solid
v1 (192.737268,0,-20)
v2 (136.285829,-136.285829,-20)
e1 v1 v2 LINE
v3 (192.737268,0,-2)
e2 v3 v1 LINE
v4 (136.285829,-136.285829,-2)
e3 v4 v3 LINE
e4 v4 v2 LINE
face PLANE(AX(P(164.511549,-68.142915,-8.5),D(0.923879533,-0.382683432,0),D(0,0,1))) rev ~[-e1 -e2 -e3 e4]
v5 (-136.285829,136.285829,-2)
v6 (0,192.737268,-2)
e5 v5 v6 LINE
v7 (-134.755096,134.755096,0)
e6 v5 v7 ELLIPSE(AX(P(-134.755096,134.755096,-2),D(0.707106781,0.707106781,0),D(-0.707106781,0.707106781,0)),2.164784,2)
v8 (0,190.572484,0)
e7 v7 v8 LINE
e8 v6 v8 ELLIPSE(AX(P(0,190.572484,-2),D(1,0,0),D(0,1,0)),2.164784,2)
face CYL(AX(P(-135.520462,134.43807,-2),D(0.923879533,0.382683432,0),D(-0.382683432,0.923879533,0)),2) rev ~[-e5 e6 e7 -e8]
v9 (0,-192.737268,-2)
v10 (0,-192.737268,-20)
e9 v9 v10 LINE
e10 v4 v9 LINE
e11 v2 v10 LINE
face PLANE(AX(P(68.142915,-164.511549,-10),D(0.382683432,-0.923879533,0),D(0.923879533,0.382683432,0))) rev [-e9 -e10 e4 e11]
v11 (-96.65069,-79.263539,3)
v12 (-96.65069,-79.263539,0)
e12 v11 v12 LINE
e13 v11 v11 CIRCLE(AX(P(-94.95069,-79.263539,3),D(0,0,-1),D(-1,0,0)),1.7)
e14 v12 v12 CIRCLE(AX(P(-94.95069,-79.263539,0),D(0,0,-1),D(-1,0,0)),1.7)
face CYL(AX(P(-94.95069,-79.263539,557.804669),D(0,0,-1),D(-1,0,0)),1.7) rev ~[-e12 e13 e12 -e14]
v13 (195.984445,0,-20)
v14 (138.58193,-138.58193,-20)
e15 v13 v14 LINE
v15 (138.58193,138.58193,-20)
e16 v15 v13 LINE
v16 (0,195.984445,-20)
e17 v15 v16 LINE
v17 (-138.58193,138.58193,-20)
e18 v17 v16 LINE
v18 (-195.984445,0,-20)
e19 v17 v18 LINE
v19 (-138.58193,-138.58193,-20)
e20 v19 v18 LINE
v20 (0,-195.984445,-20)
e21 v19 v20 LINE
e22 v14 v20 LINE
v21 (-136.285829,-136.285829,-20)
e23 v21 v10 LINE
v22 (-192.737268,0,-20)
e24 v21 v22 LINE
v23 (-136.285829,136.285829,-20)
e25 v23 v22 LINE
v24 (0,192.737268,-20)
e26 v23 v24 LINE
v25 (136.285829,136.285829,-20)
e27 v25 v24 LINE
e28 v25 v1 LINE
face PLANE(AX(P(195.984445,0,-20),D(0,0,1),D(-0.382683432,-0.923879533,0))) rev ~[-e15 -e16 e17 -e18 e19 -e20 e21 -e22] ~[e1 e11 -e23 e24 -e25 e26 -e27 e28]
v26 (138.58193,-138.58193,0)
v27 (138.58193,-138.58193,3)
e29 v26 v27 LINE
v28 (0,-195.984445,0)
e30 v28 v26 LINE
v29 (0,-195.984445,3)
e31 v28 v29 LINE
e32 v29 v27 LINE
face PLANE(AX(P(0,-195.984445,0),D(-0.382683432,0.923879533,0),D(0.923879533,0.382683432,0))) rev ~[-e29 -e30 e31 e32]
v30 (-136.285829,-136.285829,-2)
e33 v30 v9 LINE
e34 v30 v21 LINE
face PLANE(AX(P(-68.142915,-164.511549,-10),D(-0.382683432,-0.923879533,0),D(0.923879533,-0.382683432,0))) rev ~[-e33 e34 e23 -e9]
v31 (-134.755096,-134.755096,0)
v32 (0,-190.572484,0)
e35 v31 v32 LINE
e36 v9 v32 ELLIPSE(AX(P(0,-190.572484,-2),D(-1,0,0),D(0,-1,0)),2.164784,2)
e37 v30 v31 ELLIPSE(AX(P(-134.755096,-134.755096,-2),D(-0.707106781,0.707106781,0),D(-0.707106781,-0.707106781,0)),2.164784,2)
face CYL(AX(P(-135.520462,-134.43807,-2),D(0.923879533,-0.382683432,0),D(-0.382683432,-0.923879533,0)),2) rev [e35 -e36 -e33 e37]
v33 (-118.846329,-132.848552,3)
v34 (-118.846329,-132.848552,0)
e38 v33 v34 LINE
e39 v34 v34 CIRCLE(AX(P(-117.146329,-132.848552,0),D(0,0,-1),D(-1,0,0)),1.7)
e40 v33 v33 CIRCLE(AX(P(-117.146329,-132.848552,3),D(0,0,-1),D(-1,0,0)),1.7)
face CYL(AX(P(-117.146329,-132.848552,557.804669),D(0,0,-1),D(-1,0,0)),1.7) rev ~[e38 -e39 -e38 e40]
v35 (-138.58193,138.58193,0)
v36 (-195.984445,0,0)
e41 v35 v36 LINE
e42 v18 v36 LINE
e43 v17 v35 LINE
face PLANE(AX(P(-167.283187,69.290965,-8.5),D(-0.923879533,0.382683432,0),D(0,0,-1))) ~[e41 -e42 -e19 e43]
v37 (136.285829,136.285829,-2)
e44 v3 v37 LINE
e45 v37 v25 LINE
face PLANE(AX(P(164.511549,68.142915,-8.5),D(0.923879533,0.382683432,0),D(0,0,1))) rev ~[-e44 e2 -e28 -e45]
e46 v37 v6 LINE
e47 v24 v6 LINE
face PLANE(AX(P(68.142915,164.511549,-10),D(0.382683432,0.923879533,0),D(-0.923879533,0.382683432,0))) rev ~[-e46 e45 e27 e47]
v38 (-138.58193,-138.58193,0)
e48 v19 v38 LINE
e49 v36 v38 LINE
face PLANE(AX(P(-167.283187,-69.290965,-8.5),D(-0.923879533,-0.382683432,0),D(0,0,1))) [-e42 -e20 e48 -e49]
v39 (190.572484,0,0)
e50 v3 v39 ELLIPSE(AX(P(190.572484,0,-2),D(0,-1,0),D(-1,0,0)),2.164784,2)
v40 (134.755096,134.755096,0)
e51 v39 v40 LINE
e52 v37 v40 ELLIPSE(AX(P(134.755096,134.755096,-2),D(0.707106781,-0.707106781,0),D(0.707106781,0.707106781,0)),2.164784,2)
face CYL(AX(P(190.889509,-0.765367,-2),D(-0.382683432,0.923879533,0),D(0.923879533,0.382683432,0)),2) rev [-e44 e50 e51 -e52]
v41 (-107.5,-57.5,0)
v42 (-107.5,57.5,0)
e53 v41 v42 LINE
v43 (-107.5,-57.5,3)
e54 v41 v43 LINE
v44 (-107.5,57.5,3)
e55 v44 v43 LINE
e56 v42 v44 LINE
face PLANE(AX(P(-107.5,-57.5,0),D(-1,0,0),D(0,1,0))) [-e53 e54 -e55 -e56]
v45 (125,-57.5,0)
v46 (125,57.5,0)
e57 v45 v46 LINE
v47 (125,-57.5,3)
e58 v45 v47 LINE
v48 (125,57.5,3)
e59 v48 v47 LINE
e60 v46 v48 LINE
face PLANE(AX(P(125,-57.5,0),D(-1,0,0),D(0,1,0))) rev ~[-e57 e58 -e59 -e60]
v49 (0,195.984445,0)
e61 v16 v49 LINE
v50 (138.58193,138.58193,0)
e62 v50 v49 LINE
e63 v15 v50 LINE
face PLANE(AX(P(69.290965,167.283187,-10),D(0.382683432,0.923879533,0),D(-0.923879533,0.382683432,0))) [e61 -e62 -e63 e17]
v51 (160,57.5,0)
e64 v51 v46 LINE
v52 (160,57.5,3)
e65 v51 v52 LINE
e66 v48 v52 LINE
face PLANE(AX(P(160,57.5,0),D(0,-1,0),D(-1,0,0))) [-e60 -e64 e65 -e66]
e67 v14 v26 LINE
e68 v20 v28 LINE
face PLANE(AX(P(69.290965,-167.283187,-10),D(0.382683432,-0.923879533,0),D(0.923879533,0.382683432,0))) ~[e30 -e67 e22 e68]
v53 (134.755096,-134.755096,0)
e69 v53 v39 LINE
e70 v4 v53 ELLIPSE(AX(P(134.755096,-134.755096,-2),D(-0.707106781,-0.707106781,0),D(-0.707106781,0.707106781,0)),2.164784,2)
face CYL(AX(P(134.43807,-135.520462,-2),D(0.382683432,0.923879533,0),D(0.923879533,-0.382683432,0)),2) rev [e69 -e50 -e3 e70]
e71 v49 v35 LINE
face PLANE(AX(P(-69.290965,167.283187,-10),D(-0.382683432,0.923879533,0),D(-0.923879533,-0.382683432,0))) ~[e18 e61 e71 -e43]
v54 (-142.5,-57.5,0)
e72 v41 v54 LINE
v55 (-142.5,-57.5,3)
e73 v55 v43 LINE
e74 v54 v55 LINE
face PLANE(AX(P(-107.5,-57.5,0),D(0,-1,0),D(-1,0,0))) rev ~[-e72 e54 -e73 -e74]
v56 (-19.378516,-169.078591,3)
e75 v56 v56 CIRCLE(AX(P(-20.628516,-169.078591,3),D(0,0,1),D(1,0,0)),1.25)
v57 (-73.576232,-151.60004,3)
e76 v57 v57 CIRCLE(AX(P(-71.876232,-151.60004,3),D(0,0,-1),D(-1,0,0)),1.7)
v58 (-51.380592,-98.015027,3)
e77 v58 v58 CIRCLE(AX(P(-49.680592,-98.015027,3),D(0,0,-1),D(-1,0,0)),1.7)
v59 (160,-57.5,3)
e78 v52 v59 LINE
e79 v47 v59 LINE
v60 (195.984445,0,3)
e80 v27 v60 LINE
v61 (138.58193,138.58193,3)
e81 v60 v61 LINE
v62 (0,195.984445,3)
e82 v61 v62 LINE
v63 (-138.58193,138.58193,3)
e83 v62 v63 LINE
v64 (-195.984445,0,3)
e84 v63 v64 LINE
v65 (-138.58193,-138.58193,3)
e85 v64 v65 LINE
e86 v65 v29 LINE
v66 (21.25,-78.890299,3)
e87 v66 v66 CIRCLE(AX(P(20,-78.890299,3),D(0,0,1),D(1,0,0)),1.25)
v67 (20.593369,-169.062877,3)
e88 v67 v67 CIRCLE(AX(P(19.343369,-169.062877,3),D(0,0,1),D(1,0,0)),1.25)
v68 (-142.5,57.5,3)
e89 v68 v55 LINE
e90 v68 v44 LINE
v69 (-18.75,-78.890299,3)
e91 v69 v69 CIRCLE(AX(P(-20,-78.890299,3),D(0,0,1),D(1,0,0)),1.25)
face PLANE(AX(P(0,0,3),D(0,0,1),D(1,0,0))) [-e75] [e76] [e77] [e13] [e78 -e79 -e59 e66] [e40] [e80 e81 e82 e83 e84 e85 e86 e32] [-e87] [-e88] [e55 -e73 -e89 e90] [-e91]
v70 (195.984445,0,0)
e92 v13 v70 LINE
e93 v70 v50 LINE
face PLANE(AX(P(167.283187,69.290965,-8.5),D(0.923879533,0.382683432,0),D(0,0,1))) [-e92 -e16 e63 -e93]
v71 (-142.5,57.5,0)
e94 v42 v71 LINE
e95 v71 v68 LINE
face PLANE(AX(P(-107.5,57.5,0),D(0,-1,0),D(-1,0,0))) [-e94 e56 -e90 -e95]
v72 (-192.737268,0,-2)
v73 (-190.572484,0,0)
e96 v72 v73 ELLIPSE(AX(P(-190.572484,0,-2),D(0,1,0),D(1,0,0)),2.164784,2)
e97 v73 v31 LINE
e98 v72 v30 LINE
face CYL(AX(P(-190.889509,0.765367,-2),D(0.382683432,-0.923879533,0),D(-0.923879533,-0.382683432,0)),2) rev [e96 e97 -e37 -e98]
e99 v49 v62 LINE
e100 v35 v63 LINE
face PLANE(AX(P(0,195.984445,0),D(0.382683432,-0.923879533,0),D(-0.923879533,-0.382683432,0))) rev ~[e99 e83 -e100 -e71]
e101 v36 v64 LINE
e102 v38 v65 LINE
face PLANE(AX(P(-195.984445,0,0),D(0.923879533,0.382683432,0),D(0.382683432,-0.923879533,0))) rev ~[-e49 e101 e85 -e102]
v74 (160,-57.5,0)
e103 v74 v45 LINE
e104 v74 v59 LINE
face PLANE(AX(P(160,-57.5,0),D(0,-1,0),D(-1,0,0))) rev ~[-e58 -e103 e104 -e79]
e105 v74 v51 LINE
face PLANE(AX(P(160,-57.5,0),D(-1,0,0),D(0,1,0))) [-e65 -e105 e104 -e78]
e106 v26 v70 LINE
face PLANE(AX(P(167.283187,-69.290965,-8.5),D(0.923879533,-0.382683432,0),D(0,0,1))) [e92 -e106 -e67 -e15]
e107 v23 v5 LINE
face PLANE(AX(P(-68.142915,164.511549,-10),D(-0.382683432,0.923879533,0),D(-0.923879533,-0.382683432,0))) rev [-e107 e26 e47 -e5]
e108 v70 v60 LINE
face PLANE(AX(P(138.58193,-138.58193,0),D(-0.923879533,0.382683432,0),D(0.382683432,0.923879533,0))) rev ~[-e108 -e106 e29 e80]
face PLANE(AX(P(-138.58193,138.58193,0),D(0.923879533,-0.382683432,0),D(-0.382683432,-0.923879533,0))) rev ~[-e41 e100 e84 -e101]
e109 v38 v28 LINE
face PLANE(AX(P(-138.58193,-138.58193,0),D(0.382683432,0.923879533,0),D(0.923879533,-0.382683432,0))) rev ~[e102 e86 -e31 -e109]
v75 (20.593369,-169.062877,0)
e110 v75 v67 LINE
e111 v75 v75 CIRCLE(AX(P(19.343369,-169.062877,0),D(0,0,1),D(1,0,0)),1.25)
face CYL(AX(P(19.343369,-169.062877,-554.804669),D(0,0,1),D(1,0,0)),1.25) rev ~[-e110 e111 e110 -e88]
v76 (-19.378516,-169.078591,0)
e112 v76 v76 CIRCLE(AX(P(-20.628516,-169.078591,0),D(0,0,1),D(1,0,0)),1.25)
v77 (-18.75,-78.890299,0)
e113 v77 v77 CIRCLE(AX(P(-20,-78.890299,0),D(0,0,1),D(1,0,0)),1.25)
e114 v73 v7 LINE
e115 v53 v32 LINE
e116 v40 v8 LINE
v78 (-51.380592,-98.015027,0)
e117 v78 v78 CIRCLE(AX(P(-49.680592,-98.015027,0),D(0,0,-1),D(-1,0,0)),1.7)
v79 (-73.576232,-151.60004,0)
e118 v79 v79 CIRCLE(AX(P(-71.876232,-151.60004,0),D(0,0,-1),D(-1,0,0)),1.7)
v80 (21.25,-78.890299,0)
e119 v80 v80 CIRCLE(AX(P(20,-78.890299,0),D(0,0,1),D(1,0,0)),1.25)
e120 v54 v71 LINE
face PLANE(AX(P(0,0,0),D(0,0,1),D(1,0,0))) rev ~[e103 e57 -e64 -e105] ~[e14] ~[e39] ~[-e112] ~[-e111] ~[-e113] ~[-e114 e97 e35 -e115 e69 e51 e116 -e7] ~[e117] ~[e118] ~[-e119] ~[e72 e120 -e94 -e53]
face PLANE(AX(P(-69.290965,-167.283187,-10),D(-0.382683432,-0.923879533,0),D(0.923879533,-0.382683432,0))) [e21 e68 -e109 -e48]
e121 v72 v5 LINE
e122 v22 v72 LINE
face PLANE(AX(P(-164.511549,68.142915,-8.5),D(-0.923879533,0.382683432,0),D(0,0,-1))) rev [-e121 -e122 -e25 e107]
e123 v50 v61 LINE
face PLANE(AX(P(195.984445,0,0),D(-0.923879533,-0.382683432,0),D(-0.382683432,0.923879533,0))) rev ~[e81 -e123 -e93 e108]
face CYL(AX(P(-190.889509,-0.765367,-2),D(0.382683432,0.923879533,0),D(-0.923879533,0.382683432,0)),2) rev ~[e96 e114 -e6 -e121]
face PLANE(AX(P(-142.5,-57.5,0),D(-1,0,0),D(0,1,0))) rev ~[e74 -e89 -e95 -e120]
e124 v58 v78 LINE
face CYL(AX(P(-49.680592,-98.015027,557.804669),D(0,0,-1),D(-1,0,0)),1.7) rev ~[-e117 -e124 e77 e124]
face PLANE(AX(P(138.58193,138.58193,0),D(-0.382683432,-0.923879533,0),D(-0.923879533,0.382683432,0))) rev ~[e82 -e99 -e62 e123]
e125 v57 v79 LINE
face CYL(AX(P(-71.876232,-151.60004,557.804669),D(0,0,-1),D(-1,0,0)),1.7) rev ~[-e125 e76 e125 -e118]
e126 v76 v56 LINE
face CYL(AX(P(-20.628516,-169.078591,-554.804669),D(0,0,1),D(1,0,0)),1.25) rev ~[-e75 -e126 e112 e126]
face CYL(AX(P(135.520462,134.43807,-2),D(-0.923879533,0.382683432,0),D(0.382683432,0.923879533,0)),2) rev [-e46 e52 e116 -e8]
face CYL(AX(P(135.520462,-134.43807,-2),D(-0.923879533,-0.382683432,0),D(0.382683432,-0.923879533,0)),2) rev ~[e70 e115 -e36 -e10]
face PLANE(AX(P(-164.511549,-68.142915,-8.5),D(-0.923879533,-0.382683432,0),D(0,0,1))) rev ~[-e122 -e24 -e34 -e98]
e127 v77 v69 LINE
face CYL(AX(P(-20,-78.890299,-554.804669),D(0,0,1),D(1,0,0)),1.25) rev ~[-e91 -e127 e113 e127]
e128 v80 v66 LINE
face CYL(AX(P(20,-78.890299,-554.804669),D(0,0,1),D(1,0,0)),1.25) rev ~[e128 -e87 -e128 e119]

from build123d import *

# Parameters (mm, degrees)
BOSS_EXTRUDE1_DEPTH     = 3
SKETCH5_W               = 150
SKETCH5_H               = 20
BOSS_EXTRUDE2_DEPTH     = 3
MIRROR2_COPY_1_SKETCH_W = 150
MIRROR2_COPY_1_SKETCH_H = 20
MIRROR2_COPY_1_DEPTH    = 3
SKETCH6_W               = 23
SKETCH6_H               = 150
BOSS_EXTRUDE3_DEPTH     = 3
MIRROR4_COPY_1_SKETCH_W = 23
MIRROR4_COPY_1_SKETCH_H = 150
MIRROR4_COPY_1_DEPTH    = 3
MIRROR4_COPY_2_SKETCH_W = 23
MIRROR4_COPY_2_SKETCH_H = 150
MIRROR4_COPY_2_DEPTH    = 3
FILLET1_R               = 2
SKETCH4_W               = 35
SKETCH4_H               = 115
CUT_EXTRUDE1_DEPTH      = 10
TAP_DRILL_FOR_M3_TAP2_D = 2.5
TAP_DRILL_FOR_M3_TAP3_D = 2.5
M3_CLEARANCE_HOLE1_D    = 3.4


with BuildPart() as part:
    # Sketch1 → Boss-Extrude1 (new body)
    with BuildSketch(Plane.XY):
        Polygon((0, 195.984444731), (-138.581929877, 138.581929877), (-195.984444731, 0), (-138.581929877, -138.581929877), (0, -195.984444731), (138.581929877, -138.581929877), (195.984444731, 0), (138.581929877, 138.581929877), align=None)
    boss_extrude1 = extrude(amount=BOSS_EXTRUDE1_DEPTH)

    # Sketch5 → Boss-Extrude2 (add)
    with BuildSketch(Plane(origin=(-69.290964938, -167.283187304, 0), x_dir=(0.923879533, -0.382683432, 0), z_dir=(-0.382683432, -0.923879533, 0))):
        with Locations((0, -10)):
            Rectangle(SKETCH5_W, SKETCH5_H)
    boss_extrude2 = extrude(amount=-BOSS_EXTRUDE2_DEPTH)

    # Mirror1: Boss-Extrude2 across plane
    add(boss_extrude2.mirror(Plane.ZX))

    # Mirror2: Boss-Extrude2 across plane
    add(boss_extrude2.mirror(Plane(origin=(0, 0, 0), x_dir=(0, 0, 1), z_dir=(1, 0, 0))))

    # Mirror2 copy 1 sketch → Mirror2 copy 1 (add)
    with BuildSketch(Plane(origin=(69.290964938, 167.283187304, 0), x_dir=(-0.923879533, 0.382683432, 0), z_dir=(0.382683432, 0.923879533, 0))):
        with Locations((0, -10)):
            Rectangle(MIRROR2_COPY_1_SKETCH_W, MIRROR2_COPY_1_SKETCH_H)
    extrude(amount=-MIRROR2_COPY_1_DEPTH)

    # Sketch6 → Boss-Extrude3 (add)
    with BuildSketch(Plane(origin=(-167.283187304, -69.290964938, 0), x_dir=(0, 0, 1), z_dir=(-0.923879533, -0.382683432, 0))):
        with Locations((-8.5, 0)):
            Rectangle(SKETCH6_W, SKETCH6_H)
    boss_extrude3 = extrude(amount=-BOSS_EXTRUDE3_DEPTH)

    # Mirror3: Boss-Extrude3 across plane
    add(boss_extrude3.mirror(Plane.ZX))

    # Mirror4: Boss-Extrude1 across plane
    add(boss_extrude1.mirror(Plane(origin=(0, 0, 0), x_dir=(0, 0, 1), z_dir=(1, 0, 0))))

    # Mirror4 copy 1 sketch → Mirror4 copy 1 (add)
    with BuildSketch(Plane(origin=(167.283187304, 69.290964938, 0), x_dir=(0, 0, 1), z_dir=(0.923879533, 0.382683432, 0))):
        with Locations((-8.5, 0)):
            Rectangle(MIRROR4_COPY_1_SKETCH_W, MIRROR4_COPY_1_SKETCH_H)
    extrude(amount=-MIRROR4_COPY_1_DEPTH)

    # Mirror4 copy 2 sketch → Mirror4 copy 2 (add)
    with BuildSketch(Plane(origin=(167.283187304, -69.290964938, 0), x_dir=(0, 0, 1), z_dir=(0.923879533, -0.382683432, 0))):
        with Locations((-8.5, 0)):
            Rectangle(MIRROR4_COPY_2_SKETCH_W, MIRROR4_COPY_2_SKETCH_H)
    extrude(amount=-MIRROR4_COPY_2_DEPTH)

    # Fillet1
    fillet1_edges = [part.edges().sort_by_distance(p)[0] for p in [
        (-164.511548707, -68.142914641, 0),
        (-164.511548707, 68.142914641, 0),
        (164.511548707, 68.142914641, 0),
        (164.511548707, -68.142914641, 0),
        (-68.142914641, 164.511548707, 0),
        (68.142914641, 164.511548707, 0),
        (-68.142914641, -164.511548707, 0),
        (68.142914641, -164.511548707, 0),
    ]]
    fillet(fillet1_edges, radius=FILLET1_R)

    # Sketch4 → Cut-Extrude1 (cut)
    with BuildSketch(Plane(origin=(0, 0, 0), x_dir=(-1, 0, 0), z_dir=(0, 0, -1))):
        with Locations((-142.5, 0)):
            Rectangle(SKETCH4_W, SKETCH4_H)
        with Locations((125, 0)):
            Rectangle(SKETCH4_W, SKETCH4_H)
    extrude(amount=-CUT_EXTRUDE1_DEPTH, mode=Mode.SUBTRACT)

    # Tap Drill for M3 Tap2 (through all)
    with Locations(Plane(origin=(0, 0, 0), x_dir=(-1, 0, 0), z_dir=(0, 0, -1))):
        with Locations((-19.343368816, -169.062877249), (20.628515922, -169.078590597)):
            Hole(TAP_DRILL_FOR_M3_TAP2_D / 2)

    # Tap Drill for M3 Tap3 (through all)
    with Locations(Plane(origin=(0, 0, 0), x_dir=(-1, 0, 0), z_dir=(0, 0, -1))):
        with Locations((-20, -78.890298866), (20, -78.890298866)):
            Hole(TAP_DRILL_FOR_M3_TAP3_D / 2)

    # M3 Clearance Hole1 (through all)
    with Locations(Plane.XY.offset(3)):
        with Locations((-49.680592478, -98.01502722), (-71.876231555, -151.600040105), (-94.950689571, -79.263539034), (-117.146328648, -132.848551919)):
            Hole(M3_CLEARANCE_HOLE1_D / 2)


solid = part.part
